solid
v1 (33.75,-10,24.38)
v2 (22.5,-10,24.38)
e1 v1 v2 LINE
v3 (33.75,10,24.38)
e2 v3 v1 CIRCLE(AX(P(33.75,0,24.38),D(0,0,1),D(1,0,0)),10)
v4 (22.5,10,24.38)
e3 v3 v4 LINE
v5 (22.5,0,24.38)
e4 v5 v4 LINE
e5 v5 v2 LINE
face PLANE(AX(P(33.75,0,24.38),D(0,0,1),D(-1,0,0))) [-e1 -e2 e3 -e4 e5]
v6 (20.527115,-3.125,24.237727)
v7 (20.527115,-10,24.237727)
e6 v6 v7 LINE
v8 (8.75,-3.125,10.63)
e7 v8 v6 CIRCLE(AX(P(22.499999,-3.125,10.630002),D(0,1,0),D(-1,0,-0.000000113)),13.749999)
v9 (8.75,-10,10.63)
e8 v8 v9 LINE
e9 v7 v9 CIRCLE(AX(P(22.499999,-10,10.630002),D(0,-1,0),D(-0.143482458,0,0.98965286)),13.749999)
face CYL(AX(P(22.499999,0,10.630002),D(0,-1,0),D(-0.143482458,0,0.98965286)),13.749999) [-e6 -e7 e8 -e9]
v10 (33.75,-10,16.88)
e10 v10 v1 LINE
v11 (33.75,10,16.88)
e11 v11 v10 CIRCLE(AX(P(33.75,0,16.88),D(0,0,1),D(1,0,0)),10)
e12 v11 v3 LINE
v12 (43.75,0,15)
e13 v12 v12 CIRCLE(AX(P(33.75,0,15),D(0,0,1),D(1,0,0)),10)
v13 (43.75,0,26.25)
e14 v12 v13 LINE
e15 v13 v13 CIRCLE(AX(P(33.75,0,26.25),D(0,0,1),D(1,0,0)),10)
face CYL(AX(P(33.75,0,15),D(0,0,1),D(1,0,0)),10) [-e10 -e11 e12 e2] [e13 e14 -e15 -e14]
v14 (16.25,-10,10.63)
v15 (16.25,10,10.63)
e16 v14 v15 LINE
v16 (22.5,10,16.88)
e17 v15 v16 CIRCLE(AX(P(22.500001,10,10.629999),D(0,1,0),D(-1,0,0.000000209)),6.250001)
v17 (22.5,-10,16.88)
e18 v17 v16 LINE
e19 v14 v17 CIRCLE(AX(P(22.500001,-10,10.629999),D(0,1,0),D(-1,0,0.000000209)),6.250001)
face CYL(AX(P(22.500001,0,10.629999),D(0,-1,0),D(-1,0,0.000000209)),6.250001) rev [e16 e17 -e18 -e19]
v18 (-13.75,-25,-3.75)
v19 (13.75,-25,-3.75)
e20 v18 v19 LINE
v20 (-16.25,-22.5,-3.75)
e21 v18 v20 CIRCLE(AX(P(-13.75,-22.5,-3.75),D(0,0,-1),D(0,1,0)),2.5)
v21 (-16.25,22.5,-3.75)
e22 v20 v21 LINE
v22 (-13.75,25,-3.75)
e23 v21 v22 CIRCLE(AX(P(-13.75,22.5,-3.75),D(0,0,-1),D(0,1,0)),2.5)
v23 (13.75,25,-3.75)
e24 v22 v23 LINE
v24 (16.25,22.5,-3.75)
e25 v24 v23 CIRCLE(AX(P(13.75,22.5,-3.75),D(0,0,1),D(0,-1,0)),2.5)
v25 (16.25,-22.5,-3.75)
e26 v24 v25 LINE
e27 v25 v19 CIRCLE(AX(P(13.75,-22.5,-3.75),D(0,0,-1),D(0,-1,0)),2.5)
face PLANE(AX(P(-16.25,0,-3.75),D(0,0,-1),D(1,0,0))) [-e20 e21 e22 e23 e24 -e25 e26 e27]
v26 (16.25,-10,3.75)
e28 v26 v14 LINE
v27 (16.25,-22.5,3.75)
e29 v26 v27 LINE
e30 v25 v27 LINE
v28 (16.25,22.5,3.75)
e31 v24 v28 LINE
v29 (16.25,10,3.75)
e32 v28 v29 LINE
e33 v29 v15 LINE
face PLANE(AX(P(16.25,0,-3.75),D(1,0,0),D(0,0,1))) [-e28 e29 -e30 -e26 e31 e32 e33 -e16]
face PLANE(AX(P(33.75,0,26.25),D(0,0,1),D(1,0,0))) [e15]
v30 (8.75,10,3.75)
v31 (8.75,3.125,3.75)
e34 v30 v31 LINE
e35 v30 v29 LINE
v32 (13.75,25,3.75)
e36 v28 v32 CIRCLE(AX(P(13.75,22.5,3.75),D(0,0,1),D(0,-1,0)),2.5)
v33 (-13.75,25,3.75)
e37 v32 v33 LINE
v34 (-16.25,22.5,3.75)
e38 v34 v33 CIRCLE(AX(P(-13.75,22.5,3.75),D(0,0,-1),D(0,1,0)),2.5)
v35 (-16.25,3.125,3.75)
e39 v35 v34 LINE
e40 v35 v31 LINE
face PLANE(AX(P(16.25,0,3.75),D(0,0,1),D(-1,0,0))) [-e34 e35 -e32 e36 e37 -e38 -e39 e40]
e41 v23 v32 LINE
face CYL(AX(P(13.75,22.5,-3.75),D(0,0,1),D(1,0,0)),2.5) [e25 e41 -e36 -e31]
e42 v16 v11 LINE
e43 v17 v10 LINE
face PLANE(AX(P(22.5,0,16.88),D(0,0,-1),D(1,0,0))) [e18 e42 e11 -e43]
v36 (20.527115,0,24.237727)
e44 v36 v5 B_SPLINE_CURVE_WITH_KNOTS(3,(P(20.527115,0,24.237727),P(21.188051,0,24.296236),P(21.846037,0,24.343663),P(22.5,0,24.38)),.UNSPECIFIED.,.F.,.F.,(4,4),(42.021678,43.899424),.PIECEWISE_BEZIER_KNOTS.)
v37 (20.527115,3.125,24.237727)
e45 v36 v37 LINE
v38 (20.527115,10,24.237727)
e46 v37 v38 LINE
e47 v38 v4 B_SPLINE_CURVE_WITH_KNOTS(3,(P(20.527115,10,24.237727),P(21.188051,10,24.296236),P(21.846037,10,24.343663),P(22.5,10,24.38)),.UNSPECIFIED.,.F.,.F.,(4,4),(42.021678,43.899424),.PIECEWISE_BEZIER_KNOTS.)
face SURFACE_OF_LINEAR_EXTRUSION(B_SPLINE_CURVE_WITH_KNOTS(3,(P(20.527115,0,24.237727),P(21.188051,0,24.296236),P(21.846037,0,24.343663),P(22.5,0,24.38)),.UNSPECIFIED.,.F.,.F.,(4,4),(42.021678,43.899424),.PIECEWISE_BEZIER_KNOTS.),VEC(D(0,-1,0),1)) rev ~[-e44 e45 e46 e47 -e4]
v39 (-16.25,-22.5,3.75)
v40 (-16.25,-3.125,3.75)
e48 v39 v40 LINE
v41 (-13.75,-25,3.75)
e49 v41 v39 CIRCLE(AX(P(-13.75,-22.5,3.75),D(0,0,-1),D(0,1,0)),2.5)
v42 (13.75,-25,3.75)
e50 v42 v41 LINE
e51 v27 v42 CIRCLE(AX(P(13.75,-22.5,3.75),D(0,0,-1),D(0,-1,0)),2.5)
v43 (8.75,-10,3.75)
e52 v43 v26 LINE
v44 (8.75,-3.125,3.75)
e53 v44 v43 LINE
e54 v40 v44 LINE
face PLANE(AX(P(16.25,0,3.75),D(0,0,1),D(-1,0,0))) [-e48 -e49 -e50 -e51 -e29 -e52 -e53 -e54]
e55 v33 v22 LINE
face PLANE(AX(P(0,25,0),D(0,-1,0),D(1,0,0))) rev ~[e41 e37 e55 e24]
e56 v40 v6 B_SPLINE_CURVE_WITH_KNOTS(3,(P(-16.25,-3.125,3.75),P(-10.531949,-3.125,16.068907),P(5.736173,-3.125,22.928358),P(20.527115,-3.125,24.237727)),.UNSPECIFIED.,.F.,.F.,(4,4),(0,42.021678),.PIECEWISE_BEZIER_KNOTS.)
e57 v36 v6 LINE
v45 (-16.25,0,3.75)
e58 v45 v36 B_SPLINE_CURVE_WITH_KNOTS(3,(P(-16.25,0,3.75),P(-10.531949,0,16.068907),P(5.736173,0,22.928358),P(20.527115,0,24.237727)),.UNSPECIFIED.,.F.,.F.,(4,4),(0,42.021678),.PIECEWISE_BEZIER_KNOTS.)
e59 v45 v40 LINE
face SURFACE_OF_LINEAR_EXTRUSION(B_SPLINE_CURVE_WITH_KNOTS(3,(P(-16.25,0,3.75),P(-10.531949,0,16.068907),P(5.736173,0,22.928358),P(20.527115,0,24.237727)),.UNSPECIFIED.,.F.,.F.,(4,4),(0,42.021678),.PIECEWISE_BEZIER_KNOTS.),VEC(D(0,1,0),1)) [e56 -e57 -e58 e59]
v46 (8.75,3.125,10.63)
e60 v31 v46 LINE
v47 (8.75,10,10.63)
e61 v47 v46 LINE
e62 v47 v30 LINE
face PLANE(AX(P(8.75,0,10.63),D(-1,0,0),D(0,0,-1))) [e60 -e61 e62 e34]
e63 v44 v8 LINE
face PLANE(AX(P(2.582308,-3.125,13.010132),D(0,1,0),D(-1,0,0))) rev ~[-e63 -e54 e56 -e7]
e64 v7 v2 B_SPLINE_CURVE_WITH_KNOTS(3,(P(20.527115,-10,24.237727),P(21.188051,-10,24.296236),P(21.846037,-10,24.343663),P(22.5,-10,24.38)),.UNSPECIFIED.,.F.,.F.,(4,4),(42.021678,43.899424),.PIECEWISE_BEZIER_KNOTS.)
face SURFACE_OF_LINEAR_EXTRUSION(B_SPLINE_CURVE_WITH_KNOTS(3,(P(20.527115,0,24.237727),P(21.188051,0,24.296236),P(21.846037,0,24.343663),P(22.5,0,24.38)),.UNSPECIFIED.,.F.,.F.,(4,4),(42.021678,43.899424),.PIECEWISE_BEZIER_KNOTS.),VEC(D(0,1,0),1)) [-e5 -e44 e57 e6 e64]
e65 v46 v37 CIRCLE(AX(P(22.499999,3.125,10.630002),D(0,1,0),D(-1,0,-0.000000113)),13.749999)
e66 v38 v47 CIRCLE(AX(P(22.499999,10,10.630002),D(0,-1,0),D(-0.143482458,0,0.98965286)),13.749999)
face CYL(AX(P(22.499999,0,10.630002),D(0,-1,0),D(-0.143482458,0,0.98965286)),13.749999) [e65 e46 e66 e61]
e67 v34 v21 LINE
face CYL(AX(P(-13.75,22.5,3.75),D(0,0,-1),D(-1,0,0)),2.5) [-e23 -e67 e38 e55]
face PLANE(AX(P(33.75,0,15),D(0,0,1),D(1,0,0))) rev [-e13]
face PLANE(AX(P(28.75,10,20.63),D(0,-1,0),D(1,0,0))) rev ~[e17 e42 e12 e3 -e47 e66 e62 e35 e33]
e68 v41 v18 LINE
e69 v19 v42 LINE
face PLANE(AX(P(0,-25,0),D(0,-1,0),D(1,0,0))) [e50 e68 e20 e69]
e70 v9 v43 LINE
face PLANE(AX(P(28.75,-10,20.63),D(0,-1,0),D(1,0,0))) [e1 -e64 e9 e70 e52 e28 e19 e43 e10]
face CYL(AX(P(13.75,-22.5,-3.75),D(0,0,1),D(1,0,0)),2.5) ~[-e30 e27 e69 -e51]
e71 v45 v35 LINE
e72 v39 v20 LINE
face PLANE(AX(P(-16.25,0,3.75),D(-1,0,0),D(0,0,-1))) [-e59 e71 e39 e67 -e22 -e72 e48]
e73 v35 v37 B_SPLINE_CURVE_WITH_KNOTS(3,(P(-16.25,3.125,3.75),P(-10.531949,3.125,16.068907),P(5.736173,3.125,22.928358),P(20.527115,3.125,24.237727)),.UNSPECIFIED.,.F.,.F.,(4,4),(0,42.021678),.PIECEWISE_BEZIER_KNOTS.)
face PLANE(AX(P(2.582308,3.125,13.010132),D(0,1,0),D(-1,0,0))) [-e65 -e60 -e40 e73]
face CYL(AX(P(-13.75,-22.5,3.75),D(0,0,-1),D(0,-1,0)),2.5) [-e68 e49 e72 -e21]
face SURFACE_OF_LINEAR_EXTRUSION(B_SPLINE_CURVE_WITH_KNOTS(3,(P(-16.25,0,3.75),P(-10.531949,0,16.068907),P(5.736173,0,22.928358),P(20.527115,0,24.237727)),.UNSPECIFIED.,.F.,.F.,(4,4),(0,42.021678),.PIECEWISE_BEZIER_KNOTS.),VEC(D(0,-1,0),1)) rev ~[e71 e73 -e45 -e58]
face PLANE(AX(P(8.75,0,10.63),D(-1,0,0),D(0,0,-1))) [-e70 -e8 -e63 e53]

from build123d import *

# Parameters (mm, degrees)
F1_DEPTH = 25
F0_W     = 10
F0_H     = 7.5
F2_DEPTH = 10
F3_DEPTH = 3.125
F5_R     = 2.5


with BuildPart() as f1:
    # F0 (on Front) → F1 (new body, symmetric)
    with BuildSketch(Plane.XZ):
        Polygon((-16.25, -3.75), (16.25, -3.75), (16.25, 3.75), (8.75, 3.75), (-16.25, 3.75), align=None)
    extrude(amount=F1_DEPTH, both=True)

    # F0 (on Front) → F2 (join, symmetric)
    with BuildSketch(Plane.XZ):
        with Locations((28.75, 20.63)):
            Rectangle(F0_W, F0_H)
        with BuildLine():
            Line((8.75, 3.75), (16.25, 3.75))
            Line((16.25, 3.75), (16.25, 10.63))
            ThreePointArc((16.25, 10.63), (18.080583, 15.049417), (22.5, 16.88))
            Line((22.5, 16.88), (23.75, 16.88))
            Line((23.75, 16.88), (23.75, 24.38))
            Line((23.75, 24.38), (22.5, 24.38))
            add(Edge.make_bspline(
                [(20.527115, 24.237727), (21.188051, 24.296236), (21.846037, 24.343663), (22.5, 24.38)],
                knots=[42.021678, 42.021678, 42.021678, 42.021678, 43.899424, 43.899424, 43.899424, 43.899424], degree=3))
            ThreePointArc((20.527115, 24.237727), (12.103133, 19.628204), (8.75, 10.63))
            Line((8.75, 10.63), (8.75, 3.75))
        make_face()
    extrude(amount=F2_DEPTH, both=True)

    # F0 (on Front) → F3 (join, symmetric)
    with BuildSketch(Plane.XZ):
        with BuildLine():
            add(Edge.make_bspline(
                [(-16.25, 3.75), (-10.531949, 16.068907), (5.736173, 22.928358), (20.527115, 24.237727)],
                knots=[0, 0, 0, 0, 42.021678, 42.021678, 42.021678, 42.021678], degree=3))
            Line((-16.25, 3.75), (8.75, 3.75))
            Line((8.75, 3.75), (8.75, 10.63))
            ThreePointArc((8.75, 10.63), (12.103133, 19.628204), (20.527115, 24.237727))
        make_face()
    extrude(amount=F3_DEPTH, both=True)

    # F0 (on Front) → F4 (revolve)
    with BuildSketch(Plane.XZ):
        Polygon((33.75, 24.38), (33.75, 16.88), (33.75, 15), (43.75, 15), (43.75, 26.25), (33.75, 26.25), align=None)
    revolve(axis=Axis((33.75, 0, 20.625), (0, 0, 1)))

    # F5
    f5_edges = [f1.edges().sort_by_distance(p)[0] for p in [
        (16.25, -25, 0),
        (-16.25, -25, 0),
        (16.25, 25, 0),
        (-16.25, 25, 0),
    ]]
    fillet(f5_edges, radius=F5_R)


solid = f1.part
